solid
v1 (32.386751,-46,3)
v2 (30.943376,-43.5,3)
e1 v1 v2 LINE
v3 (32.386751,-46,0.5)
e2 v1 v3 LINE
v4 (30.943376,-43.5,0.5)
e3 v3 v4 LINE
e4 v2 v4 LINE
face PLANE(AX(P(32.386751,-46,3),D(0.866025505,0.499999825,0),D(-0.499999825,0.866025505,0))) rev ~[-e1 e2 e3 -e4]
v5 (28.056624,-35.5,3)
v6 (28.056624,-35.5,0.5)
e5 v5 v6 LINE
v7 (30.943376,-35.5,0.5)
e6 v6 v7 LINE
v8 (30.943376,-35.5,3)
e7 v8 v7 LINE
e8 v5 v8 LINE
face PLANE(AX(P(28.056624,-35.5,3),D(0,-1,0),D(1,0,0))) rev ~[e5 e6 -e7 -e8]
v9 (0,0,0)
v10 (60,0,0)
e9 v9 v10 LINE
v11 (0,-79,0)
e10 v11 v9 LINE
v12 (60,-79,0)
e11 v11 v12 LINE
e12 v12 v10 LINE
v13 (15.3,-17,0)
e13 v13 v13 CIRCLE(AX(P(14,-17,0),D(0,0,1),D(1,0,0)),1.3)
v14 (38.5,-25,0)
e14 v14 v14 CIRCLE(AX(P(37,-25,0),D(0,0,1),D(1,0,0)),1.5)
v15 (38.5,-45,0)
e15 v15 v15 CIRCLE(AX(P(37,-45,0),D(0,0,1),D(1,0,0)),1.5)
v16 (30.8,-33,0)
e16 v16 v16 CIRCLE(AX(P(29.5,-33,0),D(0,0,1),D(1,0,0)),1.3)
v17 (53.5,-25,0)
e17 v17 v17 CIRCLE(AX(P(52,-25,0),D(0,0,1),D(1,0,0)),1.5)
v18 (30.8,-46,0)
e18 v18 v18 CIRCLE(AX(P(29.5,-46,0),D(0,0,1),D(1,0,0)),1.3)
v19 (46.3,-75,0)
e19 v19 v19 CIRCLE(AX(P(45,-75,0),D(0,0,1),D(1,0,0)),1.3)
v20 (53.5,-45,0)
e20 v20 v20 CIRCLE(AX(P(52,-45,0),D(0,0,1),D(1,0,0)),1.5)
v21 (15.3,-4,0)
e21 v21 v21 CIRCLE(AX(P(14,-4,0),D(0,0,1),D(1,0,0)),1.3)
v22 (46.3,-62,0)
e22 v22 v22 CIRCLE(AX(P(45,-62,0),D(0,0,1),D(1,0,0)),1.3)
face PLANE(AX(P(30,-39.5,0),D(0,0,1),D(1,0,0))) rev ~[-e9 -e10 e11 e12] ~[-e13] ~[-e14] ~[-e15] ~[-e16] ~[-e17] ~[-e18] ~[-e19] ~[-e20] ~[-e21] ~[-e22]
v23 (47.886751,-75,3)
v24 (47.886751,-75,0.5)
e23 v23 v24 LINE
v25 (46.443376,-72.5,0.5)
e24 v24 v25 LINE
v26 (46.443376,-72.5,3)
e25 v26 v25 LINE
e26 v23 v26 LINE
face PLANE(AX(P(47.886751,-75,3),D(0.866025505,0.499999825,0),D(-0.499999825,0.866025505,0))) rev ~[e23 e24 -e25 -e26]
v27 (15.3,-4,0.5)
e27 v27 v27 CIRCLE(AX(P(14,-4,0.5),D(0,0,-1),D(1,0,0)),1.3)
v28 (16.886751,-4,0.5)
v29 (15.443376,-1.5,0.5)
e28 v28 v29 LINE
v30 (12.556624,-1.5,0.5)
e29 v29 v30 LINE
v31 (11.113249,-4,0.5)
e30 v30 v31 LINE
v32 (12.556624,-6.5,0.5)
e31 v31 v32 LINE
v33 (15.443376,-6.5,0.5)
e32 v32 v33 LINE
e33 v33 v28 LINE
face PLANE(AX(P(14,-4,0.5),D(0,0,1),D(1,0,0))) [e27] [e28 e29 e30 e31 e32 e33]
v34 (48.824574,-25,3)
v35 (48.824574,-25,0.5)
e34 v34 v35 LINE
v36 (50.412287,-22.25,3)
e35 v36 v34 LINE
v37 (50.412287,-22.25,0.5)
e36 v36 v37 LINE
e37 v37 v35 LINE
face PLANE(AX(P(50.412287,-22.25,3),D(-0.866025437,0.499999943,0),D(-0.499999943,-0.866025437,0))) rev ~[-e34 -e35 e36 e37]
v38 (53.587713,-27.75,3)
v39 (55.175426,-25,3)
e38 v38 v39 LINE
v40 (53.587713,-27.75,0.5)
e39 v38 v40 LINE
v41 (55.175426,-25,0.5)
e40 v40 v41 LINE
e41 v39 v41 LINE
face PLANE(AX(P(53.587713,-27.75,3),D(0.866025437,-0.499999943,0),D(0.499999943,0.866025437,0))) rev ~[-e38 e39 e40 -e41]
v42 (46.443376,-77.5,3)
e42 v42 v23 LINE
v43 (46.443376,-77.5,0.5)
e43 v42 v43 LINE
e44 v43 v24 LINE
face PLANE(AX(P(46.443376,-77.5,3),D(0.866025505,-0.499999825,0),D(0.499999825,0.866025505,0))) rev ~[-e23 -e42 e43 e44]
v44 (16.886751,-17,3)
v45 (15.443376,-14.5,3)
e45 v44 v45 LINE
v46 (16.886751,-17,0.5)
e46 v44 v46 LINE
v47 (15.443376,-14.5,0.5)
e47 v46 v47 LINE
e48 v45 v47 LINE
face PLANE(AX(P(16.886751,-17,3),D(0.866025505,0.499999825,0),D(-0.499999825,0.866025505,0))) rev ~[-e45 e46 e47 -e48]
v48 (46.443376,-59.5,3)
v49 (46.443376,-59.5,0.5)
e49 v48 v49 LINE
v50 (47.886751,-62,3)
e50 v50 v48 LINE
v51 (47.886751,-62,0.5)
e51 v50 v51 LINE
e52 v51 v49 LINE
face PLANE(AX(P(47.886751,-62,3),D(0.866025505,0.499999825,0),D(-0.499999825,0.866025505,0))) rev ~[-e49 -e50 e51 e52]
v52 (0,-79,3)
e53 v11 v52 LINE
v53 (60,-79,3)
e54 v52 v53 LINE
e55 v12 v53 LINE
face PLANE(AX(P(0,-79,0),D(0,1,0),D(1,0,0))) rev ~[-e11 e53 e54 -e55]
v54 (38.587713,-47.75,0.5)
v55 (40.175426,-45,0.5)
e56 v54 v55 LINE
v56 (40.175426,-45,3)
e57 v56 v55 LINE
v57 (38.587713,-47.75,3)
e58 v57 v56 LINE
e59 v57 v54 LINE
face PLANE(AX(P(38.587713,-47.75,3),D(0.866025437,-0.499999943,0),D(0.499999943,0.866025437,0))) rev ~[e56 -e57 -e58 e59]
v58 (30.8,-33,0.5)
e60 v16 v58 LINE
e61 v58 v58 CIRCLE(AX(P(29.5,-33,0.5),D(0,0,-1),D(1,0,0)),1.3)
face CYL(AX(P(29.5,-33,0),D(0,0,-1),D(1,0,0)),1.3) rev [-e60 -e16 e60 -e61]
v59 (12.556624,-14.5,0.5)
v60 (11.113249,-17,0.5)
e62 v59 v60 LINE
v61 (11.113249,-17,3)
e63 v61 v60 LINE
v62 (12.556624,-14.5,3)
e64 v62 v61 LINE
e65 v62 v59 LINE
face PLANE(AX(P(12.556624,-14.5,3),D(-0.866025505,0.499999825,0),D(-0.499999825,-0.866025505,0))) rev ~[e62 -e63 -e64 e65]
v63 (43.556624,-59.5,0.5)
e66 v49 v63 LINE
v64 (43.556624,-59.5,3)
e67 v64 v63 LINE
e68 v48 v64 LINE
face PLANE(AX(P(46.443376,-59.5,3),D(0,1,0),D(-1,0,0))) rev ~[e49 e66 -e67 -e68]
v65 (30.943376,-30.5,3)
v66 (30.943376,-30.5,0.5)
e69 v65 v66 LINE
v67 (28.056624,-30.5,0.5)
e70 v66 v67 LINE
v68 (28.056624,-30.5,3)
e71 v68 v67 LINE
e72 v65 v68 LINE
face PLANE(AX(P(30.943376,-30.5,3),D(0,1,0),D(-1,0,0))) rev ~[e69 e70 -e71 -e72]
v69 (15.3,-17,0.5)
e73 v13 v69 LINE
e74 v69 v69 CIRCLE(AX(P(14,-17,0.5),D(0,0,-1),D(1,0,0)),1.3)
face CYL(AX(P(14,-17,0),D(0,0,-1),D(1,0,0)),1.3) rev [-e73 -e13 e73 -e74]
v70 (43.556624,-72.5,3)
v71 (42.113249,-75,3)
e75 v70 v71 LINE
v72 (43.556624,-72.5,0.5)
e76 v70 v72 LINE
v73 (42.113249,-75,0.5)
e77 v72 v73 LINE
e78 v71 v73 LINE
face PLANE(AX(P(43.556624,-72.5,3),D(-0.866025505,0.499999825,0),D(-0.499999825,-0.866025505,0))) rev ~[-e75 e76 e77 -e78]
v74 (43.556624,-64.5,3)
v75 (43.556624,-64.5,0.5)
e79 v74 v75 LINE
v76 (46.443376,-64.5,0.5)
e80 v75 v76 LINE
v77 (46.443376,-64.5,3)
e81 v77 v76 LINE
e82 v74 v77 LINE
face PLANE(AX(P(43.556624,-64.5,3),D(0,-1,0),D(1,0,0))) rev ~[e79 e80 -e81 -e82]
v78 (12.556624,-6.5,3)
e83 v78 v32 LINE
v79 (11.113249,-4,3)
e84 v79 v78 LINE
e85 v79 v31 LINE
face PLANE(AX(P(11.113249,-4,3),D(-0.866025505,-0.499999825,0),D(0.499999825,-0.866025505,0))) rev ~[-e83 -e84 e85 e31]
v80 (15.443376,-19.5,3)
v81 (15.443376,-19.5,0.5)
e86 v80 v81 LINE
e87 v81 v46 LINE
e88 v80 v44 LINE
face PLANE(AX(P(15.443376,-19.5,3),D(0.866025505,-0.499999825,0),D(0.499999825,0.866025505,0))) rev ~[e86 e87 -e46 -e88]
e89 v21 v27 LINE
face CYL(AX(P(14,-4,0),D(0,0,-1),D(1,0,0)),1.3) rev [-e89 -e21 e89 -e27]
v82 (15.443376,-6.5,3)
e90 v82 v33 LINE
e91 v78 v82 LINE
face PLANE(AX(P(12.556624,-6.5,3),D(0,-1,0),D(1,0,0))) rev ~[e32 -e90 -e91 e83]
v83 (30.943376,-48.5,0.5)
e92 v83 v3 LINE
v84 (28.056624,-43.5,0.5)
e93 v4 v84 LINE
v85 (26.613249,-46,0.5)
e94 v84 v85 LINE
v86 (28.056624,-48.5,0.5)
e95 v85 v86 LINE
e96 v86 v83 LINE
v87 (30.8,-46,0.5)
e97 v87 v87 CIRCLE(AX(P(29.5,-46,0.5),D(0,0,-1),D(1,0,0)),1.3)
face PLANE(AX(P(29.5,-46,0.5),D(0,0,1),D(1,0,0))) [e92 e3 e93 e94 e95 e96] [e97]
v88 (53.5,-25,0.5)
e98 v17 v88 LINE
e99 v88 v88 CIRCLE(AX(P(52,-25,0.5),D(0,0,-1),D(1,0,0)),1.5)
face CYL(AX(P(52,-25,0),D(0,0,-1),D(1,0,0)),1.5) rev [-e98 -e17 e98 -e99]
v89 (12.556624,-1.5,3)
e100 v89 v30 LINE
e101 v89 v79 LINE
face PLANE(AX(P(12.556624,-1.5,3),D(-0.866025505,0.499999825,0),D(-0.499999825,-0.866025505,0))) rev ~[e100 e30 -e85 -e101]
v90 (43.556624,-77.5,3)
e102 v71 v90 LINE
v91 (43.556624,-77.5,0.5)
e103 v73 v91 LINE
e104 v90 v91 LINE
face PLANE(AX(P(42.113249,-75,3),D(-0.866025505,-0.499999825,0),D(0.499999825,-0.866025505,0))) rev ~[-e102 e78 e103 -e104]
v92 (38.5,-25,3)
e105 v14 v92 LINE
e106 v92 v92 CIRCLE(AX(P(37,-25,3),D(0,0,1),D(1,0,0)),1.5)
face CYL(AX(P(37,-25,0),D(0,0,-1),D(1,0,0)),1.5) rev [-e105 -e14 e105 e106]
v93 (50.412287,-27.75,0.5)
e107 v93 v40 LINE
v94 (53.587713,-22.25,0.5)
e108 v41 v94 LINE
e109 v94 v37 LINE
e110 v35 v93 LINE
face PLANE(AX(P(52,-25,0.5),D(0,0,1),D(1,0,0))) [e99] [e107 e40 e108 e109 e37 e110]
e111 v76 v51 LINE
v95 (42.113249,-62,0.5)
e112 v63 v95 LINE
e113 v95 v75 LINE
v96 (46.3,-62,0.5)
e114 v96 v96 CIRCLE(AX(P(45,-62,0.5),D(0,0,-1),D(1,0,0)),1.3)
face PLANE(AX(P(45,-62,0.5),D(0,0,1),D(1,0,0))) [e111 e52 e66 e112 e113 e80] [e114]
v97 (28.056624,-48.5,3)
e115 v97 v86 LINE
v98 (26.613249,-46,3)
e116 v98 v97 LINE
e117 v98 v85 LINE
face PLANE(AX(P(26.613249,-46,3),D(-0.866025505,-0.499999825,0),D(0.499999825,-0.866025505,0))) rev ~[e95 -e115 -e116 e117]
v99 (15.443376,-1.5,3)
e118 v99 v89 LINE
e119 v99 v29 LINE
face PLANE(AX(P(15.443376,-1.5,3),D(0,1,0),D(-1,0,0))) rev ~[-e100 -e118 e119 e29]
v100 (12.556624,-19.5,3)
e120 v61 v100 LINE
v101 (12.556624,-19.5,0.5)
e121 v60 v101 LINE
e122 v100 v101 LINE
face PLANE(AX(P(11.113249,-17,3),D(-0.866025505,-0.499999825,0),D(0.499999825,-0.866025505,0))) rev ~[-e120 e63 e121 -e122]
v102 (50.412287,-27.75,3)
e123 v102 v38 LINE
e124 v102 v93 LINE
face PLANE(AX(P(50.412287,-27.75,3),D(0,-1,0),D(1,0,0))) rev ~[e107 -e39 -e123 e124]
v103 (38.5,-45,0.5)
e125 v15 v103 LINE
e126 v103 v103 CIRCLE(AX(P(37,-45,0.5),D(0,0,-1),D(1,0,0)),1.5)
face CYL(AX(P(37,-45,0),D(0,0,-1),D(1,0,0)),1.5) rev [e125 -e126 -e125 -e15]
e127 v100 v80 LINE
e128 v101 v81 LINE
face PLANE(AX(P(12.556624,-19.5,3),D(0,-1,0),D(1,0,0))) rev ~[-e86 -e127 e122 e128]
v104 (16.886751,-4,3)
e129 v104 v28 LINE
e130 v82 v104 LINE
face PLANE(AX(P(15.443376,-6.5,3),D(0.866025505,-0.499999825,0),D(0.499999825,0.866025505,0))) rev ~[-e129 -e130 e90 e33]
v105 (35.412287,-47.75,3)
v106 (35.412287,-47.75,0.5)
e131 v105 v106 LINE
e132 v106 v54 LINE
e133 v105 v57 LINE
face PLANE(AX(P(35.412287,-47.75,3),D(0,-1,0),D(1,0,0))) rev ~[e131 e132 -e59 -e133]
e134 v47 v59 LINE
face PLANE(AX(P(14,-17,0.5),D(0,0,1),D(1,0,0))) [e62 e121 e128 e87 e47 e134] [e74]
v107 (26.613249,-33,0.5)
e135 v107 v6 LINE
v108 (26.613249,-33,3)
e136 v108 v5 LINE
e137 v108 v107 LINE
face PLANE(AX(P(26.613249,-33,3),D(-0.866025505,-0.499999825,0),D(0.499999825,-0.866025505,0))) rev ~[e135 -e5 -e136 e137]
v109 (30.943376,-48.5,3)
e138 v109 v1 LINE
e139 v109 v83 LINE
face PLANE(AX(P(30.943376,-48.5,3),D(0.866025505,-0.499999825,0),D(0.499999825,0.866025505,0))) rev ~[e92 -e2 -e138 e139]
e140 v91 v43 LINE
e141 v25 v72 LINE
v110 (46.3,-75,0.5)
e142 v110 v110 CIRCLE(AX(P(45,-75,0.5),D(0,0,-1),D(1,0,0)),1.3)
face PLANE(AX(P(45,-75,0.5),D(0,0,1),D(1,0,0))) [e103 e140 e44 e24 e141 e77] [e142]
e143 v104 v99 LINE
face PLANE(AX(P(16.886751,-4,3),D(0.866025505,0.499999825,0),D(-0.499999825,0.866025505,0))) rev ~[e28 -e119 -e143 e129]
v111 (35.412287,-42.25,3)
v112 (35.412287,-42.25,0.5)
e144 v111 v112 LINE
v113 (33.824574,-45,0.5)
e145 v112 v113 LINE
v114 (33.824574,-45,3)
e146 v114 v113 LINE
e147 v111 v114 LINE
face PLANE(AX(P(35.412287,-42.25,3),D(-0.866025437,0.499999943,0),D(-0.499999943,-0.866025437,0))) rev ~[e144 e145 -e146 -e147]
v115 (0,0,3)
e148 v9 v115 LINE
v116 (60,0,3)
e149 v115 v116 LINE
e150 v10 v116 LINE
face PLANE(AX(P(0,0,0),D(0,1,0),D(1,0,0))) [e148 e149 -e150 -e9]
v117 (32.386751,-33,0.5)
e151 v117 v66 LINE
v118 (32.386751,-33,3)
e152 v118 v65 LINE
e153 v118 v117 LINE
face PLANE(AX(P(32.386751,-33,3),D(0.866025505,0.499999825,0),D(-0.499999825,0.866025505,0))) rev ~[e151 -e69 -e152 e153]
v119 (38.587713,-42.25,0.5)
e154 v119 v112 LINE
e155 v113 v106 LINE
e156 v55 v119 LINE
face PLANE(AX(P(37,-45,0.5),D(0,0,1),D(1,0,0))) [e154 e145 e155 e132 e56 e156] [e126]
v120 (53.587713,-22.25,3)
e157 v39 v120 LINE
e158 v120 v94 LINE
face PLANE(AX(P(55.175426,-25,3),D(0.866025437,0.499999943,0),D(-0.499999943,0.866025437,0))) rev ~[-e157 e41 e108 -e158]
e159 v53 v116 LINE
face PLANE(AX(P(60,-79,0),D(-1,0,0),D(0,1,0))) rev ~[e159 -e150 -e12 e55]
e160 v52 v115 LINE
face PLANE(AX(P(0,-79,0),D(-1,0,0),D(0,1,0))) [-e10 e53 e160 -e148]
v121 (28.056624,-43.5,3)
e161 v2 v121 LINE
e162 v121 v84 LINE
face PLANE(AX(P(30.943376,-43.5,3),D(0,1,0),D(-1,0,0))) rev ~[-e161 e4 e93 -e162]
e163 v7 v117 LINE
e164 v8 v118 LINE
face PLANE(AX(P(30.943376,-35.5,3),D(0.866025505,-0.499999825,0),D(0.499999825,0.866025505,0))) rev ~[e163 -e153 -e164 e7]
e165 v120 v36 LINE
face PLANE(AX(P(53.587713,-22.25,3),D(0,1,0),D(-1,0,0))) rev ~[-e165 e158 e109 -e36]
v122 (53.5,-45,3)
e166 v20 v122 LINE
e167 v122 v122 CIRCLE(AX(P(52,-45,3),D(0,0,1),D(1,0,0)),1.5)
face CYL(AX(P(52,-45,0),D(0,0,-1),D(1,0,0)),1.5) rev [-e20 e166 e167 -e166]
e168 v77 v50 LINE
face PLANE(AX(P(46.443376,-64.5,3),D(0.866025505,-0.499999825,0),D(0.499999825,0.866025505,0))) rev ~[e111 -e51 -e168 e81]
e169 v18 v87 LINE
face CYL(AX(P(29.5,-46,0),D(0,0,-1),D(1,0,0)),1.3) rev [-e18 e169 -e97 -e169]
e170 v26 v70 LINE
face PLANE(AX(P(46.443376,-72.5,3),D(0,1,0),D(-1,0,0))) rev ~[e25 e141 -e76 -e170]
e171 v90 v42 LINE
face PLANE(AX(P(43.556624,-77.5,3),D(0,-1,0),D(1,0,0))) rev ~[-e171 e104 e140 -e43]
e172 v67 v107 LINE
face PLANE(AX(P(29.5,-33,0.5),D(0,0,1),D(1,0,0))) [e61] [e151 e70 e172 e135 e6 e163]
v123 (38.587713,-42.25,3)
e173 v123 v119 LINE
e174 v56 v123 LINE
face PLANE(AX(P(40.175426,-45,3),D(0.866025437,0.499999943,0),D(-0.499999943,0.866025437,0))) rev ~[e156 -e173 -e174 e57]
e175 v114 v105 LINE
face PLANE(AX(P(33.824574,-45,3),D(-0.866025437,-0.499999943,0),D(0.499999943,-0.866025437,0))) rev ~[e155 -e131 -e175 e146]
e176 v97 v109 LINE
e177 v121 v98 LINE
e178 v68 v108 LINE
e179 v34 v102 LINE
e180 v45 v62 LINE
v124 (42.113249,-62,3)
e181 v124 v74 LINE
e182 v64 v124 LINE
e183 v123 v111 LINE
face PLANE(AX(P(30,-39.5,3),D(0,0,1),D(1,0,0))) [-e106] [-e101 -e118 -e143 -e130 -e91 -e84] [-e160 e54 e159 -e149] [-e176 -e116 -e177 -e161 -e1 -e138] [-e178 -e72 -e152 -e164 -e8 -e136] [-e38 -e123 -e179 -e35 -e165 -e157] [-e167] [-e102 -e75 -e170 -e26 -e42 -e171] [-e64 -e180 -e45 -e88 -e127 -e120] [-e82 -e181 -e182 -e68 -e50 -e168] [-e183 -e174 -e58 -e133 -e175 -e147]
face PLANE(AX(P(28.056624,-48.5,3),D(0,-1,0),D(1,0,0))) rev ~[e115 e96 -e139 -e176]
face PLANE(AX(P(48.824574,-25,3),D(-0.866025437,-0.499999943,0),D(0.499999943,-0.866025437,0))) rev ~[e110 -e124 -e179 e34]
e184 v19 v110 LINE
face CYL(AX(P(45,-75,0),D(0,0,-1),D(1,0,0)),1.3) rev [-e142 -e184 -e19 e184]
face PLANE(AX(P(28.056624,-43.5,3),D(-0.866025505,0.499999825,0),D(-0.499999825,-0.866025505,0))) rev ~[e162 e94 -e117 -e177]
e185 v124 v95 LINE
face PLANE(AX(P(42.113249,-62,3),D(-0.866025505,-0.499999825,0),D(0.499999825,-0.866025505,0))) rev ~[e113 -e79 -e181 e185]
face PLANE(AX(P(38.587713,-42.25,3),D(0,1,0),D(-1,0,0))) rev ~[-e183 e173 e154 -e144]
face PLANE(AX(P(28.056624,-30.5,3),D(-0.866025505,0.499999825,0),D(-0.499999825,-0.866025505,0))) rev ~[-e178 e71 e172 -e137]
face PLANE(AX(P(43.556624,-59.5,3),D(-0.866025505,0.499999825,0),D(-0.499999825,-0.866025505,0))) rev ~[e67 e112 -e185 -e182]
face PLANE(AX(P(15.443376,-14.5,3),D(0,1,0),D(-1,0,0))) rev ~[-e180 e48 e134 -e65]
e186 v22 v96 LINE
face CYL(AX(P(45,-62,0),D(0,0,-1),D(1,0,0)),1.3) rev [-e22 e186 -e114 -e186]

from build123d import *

# Parameters (mm, degrees)
F0_W     = 60
F0_H     = 79
F0_R     = 1.3
F0_R_2   = 1.5
F1_DEPTH = 3
F3_DEPTH = 2.5


with BuildPart() as f1:
    # F0 (on Top) → F1 (new body)
    with BuildSketch(Plane.XY):
        with Locations((30, -39.5)):
            Rectangle(F0_W, F0_H)
        with Locations((29.5, -46)):
            Circle(F0_R, mode=Mode.SUBTRACT)
        with Locations((45, -75)):
            Circle(F0_R, mode=Mode.SUBTRACT)
        with Locations((45, -62)):
            Circle(F0_R, mode=Mode.SUBTRACT)
        with Locations((37, -45)):
            Circle(F0_R_2, mode=Mode.SUBTRACT)
        with Locations((52, -45)):
            Circle(F0_R_2, mode=Mode.SUBTRACT)
        with Locations((29.5, -33)):
            Circle(F0_R, mode=Mode.SUBTRACT)
        with Locations((14, -17)):
            Circle(F0_R, mode=Mode.SUBTRACT)
        with Locations((14, -4)):
            Circle(F0_R, mode=Mode.SUBTRACT)
        with Locations((37, -25)):
            Circle(F0_R_2, mode=Mode.SUBTRACT)
        with Locations((52, -25)):
            Circle(F0_R_2, mode=Mode.SUBTRACT)
    extrude(amount=F1_DEPTH)

    # F2 (on face) → F3 (cut)
    with BuildSketch(Plane.XY.offset(3)):
        Polygon((12.556624, -6.5), (15.443376, -6.5), (16.886751, -4), (15.443376, -1.5), (12.556624, -1.5), (11.113249, -4), align=None)
        Polygon((12.556624, -19.5), (15.443376, -19.5), (16.886751, -17), (15.443376, -14.5), (12.556624, -14.5), (11.113249, -17), align=None)
        Polygon((28.056624, -35.5), (30.943376, -35.5), (32.386751, -33), (30.943376, -30.5), (28.056624, -30.5), (26.613249, -33), align=None)
        Polygon((28.056624, -48.5), (30.943376, -48.5), (32.386751, -46), (30.943376, -43.5), (28.056624, -43.5), (26.613249, -46), align=None)
        Polygon((43.556624, -64.5), (46.443376, -64.5), (47.886751, -62), (46.443376, -59.5), (43.556624, -59.5), (42.113249, -62), align=None)
        Polygon((43.556624, -77.5), (46.443376, -77.5), (47.886751, -75), (46.443376, -72.5), (43.556624, -72.5), (42.113249, -75), align=None)
        Polygon((50.412287, -27.75), (53.587713, -27.75), (55.175426, -25), (53.587713, -22.25), (50.412287, -22.25), (48.824574, -25), align=None)
        Polygon((35.412287, -47.75), (38.587713, -47.75), (40.175426, -45), (38.587713, -42.25), (35.412287, -42.25), (33.824574, -45), align=None)
    extrude(amount=-F3_DEPTH, mode=Mode.SUBTRACT)


solid = f1.part
